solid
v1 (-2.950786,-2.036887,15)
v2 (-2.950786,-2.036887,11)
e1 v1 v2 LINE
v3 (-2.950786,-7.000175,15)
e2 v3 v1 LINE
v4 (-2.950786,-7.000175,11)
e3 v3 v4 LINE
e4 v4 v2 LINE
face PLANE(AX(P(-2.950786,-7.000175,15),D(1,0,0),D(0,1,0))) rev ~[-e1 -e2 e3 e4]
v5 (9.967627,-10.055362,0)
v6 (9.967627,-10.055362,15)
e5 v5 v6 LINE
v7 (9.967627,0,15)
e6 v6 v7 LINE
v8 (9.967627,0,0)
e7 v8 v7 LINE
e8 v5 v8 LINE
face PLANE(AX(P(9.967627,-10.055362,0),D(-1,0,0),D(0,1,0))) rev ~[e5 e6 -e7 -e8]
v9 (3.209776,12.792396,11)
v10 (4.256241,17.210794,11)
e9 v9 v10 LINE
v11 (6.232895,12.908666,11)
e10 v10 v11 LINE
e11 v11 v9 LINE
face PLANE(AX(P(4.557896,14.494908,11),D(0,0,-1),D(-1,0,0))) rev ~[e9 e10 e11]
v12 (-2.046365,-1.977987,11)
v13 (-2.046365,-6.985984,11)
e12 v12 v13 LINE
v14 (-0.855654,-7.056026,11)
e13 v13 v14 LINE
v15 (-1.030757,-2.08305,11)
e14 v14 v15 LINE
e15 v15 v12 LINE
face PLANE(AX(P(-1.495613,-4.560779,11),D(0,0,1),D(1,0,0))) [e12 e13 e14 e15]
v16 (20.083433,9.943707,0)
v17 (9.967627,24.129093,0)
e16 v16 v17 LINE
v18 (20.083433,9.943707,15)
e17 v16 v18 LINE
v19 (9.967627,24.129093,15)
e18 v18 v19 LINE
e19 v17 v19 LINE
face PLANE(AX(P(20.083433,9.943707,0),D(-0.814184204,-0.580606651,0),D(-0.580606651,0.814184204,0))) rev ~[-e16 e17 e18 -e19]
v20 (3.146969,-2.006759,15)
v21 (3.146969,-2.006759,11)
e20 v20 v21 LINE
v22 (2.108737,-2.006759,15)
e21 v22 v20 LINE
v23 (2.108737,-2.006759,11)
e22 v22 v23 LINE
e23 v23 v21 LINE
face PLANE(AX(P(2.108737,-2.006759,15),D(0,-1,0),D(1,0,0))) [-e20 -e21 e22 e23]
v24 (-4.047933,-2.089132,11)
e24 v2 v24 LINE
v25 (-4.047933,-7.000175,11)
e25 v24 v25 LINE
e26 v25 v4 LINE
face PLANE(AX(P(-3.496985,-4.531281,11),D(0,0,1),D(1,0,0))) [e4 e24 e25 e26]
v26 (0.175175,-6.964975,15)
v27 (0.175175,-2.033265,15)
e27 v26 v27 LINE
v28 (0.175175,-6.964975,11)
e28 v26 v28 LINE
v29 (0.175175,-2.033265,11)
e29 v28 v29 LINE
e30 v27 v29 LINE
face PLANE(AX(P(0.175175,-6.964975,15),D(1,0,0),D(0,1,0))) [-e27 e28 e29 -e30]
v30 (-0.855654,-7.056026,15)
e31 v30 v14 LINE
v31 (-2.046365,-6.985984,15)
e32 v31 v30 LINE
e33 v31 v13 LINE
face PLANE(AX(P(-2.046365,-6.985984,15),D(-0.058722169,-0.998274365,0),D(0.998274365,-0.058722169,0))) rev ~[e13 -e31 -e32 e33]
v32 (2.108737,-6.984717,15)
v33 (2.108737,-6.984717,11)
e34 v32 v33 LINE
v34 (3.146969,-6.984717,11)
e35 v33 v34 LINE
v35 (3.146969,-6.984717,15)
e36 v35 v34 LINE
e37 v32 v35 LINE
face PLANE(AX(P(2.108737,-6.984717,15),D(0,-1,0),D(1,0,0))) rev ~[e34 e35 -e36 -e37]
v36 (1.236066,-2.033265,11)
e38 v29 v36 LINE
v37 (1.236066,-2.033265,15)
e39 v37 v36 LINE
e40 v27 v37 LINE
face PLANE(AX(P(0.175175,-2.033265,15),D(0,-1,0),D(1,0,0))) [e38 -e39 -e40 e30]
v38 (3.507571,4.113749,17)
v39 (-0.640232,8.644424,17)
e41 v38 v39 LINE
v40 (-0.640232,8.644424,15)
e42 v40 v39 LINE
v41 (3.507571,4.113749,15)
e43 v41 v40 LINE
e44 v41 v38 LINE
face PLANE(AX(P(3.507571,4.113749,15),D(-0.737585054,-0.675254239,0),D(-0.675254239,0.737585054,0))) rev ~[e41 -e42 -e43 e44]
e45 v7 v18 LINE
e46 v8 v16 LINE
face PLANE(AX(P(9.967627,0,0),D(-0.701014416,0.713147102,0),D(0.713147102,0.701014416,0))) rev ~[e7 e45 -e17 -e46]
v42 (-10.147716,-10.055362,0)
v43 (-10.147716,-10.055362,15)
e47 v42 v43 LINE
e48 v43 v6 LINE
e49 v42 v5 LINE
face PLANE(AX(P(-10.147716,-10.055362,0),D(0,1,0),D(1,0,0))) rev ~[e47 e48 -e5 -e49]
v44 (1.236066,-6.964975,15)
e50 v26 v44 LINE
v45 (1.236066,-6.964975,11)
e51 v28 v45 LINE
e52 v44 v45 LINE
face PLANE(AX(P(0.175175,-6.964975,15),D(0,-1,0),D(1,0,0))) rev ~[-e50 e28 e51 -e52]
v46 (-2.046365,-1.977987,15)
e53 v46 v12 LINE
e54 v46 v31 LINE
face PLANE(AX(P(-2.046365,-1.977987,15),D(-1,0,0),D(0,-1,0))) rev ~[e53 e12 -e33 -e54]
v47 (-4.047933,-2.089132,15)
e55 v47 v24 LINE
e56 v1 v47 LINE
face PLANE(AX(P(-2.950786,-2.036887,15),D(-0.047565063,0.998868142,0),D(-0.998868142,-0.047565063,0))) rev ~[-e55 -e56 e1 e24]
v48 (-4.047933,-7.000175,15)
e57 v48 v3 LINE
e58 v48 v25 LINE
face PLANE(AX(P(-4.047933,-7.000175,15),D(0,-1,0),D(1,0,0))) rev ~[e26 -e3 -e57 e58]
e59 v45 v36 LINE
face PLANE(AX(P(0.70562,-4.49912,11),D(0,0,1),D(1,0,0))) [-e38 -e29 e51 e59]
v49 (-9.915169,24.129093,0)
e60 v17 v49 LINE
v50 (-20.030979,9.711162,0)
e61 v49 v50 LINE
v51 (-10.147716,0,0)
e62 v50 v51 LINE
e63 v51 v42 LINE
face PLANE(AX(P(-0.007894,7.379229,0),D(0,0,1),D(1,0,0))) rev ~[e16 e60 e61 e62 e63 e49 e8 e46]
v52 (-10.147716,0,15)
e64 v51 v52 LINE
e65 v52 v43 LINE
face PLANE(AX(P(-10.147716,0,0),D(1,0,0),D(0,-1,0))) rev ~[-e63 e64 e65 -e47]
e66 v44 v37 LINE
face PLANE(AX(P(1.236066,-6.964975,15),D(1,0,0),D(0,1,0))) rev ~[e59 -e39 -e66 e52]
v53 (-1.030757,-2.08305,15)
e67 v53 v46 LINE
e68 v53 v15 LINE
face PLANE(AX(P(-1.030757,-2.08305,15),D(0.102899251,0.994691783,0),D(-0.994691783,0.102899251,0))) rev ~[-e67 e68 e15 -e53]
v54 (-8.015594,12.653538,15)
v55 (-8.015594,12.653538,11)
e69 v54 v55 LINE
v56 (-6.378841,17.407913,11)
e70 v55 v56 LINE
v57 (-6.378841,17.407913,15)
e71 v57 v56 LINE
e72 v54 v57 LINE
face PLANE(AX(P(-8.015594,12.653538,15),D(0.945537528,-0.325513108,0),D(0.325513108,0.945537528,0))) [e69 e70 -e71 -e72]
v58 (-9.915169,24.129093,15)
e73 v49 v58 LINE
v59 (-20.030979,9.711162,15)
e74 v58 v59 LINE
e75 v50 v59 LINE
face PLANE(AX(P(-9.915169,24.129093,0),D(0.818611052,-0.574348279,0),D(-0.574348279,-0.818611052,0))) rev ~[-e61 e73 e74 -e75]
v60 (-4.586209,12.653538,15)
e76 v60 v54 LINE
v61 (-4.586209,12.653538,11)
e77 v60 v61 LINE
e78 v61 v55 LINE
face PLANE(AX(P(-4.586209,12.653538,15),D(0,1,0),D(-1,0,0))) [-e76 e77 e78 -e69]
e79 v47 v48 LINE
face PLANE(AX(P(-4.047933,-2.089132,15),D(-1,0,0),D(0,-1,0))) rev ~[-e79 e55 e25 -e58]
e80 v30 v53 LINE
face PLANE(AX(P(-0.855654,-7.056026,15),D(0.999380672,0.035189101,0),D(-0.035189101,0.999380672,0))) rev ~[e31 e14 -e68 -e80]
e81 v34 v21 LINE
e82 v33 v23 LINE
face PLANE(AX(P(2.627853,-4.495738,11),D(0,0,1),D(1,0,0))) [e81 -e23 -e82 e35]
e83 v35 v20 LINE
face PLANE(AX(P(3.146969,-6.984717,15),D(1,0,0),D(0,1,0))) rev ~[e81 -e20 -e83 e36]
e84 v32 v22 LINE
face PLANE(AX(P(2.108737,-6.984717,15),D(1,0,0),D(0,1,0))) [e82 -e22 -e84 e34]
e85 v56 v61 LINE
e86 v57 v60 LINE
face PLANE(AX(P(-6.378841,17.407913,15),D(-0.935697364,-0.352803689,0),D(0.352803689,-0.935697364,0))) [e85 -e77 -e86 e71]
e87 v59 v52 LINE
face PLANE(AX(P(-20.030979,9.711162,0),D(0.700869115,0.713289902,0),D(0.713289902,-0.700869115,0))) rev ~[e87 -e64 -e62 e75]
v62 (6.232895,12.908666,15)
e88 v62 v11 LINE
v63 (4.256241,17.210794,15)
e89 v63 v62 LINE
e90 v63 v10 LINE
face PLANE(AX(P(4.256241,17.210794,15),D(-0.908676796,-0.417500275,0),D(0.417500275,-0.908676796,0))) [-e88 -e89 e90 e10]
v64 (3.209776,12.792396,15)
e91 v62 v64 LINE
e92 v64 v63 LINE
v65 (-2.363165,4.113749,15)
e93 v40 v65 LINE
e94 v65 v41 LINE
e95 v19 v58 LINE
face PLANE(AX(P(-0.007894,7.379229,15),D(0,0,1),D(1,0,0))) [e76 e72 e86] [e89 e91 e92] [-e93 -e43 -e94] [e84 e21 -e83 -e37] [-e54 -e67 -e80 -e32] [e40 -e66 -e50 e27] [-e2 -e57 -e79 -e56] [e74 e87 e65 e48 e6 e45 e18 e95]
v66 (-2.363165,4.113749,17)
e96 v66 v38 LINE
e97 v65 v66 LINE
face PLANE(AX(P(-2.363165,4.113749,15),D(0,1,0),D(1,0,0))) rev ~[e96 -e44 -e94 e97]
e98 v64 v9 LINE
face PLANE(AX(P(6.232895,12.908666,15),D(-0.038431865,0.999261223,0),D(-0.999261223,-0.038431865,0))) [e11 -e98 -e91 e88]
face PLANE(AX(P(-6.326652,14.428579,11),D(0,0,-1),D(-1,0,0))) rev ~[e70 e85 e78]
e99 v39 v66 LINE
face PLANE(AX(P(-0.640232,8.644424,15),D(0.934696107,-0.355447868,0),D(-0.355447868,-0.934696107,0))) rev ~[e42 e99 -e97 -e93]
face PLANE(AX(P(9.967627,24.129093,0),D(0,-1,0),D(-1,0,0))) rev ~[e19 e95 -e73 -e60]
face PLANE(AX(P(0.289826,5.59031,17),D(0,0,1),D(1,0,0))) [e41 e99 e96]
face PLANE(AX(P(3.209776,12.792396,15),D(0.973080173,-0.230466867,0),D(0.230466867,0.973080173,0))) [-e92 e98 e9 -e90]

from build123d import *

# Parameters (mm, degrees)
PAD_DEPTH       = 15
POCKET_DEPTH    = 4
POCKET001_DEPTH = 4
PAD001_DEPTH    = 2
POCKET002_DEPTH = 4
POCKET003_DEPTH = 4
SKETCH006_W     = 1.060891
SKETCH006_H     = 4.93171
POCKET004_DEPTH = 4
SKETCH007_W     = 1.038232
SKETCH007_H     = 4.977957
POCKET005_DEPTH = 4


with BuildPart() as part:
    # Sketch → Pad (new body)
    with BuildSketch(Plane.XY):
        Polygon((-10.147716, -10.055362), (9.967627, -10.055362), (9.967627, 0), (20.083433, 9.943707), (9.967627, 24.129093), (-9.915169, 24.129093), (-20.030979, 9.711162), (-10.147716, 0), align=None)
    extrude(amount=PAD_DEPTH)

    # Sketch001 (on Face10 of Pad) → Pocket (cut)
    with BuildSketch(Plane.XY.offset(15)):
        Polygon((-8.015594, 12.653538), (-6.378841, 17.407913), (-4.586209, 12.653538), align=None)
    extrude(amount=-POCKET_DEPTH, mode=Mode.SUBTRACT)

    # Sketch002 (on Face5 of Pocket) → Pocket001 (cut)
    with BuildSketch(Plane.XY.offset(15)):
        Polygon((3.209776, 12.792396), (4.256241, 17.210794), (6.232895, 12.908666), align=None)
    extrude(amount=-POCKET001_DEPTH, mode=Mode.SUBTRACT)

    # Sketch003 (on Face5 of Pocket001) → Pad001 (join)
    with BuildSketch(Plane.XY.offset(15)):
        Polygon((-0.640232, 8.644424), (-2.363165, 4.113749), (3.507571, 4.113749), align=None)
    extrude(amount=PAD001_DEPTH)

    # Sketch004 (on Face5 of Pad001) → Pocket002 (cut)
    with BuildSketch(Plane.XY.offset(15)):
        Polygon((-4.047933, -2.089132), (-4.047933, -7.000175), (-2.950786, -7.000175), (-2.950786, -2.036887), align=None)
    extrude(amount=-POCKET002_DEPTH, mode=Mode.SUBTRACT)

    # Sketch005 (on Face5 of Pocket002) → Pocket003 (cut)
    with BuildSketch(Plane.XY.offset(15)):
        Polygon((-2.046365, -1.977987), (-2.046365, -6.985984), (-0.855654, -7.056026), (-1.030757, -2.08305), align=None)
    extrude(amount=-POCKET003_DEPTH, mode=Mode.SUBTRACT)

    # Sketch006 (on Face5 of Pocket003) → Pocket004 (cut)
    with BuildSketch(Plane.XY.offset(15)):
        with Locations((0.70562, -4.49912)):
            Rectangle(SKETCH006_W, SKETCH006_H)
    extrude(amount=-POCKET004_DEPTH, mode=Mode.SUBTRACT)

    # Sketch007 (on Face5 of Pocket004) → Pocket005 (cut)
    with BuildSketch(Plane.XY.offset(15)):
        with Locations((2.627853, -4.495738)):
            Rectangle(SKETCH007_W, SKETCH007_H)
    extrude(amount=-POCKET005_DEPTH, mode=Mode.SUBTRACT)


solid = part.part
